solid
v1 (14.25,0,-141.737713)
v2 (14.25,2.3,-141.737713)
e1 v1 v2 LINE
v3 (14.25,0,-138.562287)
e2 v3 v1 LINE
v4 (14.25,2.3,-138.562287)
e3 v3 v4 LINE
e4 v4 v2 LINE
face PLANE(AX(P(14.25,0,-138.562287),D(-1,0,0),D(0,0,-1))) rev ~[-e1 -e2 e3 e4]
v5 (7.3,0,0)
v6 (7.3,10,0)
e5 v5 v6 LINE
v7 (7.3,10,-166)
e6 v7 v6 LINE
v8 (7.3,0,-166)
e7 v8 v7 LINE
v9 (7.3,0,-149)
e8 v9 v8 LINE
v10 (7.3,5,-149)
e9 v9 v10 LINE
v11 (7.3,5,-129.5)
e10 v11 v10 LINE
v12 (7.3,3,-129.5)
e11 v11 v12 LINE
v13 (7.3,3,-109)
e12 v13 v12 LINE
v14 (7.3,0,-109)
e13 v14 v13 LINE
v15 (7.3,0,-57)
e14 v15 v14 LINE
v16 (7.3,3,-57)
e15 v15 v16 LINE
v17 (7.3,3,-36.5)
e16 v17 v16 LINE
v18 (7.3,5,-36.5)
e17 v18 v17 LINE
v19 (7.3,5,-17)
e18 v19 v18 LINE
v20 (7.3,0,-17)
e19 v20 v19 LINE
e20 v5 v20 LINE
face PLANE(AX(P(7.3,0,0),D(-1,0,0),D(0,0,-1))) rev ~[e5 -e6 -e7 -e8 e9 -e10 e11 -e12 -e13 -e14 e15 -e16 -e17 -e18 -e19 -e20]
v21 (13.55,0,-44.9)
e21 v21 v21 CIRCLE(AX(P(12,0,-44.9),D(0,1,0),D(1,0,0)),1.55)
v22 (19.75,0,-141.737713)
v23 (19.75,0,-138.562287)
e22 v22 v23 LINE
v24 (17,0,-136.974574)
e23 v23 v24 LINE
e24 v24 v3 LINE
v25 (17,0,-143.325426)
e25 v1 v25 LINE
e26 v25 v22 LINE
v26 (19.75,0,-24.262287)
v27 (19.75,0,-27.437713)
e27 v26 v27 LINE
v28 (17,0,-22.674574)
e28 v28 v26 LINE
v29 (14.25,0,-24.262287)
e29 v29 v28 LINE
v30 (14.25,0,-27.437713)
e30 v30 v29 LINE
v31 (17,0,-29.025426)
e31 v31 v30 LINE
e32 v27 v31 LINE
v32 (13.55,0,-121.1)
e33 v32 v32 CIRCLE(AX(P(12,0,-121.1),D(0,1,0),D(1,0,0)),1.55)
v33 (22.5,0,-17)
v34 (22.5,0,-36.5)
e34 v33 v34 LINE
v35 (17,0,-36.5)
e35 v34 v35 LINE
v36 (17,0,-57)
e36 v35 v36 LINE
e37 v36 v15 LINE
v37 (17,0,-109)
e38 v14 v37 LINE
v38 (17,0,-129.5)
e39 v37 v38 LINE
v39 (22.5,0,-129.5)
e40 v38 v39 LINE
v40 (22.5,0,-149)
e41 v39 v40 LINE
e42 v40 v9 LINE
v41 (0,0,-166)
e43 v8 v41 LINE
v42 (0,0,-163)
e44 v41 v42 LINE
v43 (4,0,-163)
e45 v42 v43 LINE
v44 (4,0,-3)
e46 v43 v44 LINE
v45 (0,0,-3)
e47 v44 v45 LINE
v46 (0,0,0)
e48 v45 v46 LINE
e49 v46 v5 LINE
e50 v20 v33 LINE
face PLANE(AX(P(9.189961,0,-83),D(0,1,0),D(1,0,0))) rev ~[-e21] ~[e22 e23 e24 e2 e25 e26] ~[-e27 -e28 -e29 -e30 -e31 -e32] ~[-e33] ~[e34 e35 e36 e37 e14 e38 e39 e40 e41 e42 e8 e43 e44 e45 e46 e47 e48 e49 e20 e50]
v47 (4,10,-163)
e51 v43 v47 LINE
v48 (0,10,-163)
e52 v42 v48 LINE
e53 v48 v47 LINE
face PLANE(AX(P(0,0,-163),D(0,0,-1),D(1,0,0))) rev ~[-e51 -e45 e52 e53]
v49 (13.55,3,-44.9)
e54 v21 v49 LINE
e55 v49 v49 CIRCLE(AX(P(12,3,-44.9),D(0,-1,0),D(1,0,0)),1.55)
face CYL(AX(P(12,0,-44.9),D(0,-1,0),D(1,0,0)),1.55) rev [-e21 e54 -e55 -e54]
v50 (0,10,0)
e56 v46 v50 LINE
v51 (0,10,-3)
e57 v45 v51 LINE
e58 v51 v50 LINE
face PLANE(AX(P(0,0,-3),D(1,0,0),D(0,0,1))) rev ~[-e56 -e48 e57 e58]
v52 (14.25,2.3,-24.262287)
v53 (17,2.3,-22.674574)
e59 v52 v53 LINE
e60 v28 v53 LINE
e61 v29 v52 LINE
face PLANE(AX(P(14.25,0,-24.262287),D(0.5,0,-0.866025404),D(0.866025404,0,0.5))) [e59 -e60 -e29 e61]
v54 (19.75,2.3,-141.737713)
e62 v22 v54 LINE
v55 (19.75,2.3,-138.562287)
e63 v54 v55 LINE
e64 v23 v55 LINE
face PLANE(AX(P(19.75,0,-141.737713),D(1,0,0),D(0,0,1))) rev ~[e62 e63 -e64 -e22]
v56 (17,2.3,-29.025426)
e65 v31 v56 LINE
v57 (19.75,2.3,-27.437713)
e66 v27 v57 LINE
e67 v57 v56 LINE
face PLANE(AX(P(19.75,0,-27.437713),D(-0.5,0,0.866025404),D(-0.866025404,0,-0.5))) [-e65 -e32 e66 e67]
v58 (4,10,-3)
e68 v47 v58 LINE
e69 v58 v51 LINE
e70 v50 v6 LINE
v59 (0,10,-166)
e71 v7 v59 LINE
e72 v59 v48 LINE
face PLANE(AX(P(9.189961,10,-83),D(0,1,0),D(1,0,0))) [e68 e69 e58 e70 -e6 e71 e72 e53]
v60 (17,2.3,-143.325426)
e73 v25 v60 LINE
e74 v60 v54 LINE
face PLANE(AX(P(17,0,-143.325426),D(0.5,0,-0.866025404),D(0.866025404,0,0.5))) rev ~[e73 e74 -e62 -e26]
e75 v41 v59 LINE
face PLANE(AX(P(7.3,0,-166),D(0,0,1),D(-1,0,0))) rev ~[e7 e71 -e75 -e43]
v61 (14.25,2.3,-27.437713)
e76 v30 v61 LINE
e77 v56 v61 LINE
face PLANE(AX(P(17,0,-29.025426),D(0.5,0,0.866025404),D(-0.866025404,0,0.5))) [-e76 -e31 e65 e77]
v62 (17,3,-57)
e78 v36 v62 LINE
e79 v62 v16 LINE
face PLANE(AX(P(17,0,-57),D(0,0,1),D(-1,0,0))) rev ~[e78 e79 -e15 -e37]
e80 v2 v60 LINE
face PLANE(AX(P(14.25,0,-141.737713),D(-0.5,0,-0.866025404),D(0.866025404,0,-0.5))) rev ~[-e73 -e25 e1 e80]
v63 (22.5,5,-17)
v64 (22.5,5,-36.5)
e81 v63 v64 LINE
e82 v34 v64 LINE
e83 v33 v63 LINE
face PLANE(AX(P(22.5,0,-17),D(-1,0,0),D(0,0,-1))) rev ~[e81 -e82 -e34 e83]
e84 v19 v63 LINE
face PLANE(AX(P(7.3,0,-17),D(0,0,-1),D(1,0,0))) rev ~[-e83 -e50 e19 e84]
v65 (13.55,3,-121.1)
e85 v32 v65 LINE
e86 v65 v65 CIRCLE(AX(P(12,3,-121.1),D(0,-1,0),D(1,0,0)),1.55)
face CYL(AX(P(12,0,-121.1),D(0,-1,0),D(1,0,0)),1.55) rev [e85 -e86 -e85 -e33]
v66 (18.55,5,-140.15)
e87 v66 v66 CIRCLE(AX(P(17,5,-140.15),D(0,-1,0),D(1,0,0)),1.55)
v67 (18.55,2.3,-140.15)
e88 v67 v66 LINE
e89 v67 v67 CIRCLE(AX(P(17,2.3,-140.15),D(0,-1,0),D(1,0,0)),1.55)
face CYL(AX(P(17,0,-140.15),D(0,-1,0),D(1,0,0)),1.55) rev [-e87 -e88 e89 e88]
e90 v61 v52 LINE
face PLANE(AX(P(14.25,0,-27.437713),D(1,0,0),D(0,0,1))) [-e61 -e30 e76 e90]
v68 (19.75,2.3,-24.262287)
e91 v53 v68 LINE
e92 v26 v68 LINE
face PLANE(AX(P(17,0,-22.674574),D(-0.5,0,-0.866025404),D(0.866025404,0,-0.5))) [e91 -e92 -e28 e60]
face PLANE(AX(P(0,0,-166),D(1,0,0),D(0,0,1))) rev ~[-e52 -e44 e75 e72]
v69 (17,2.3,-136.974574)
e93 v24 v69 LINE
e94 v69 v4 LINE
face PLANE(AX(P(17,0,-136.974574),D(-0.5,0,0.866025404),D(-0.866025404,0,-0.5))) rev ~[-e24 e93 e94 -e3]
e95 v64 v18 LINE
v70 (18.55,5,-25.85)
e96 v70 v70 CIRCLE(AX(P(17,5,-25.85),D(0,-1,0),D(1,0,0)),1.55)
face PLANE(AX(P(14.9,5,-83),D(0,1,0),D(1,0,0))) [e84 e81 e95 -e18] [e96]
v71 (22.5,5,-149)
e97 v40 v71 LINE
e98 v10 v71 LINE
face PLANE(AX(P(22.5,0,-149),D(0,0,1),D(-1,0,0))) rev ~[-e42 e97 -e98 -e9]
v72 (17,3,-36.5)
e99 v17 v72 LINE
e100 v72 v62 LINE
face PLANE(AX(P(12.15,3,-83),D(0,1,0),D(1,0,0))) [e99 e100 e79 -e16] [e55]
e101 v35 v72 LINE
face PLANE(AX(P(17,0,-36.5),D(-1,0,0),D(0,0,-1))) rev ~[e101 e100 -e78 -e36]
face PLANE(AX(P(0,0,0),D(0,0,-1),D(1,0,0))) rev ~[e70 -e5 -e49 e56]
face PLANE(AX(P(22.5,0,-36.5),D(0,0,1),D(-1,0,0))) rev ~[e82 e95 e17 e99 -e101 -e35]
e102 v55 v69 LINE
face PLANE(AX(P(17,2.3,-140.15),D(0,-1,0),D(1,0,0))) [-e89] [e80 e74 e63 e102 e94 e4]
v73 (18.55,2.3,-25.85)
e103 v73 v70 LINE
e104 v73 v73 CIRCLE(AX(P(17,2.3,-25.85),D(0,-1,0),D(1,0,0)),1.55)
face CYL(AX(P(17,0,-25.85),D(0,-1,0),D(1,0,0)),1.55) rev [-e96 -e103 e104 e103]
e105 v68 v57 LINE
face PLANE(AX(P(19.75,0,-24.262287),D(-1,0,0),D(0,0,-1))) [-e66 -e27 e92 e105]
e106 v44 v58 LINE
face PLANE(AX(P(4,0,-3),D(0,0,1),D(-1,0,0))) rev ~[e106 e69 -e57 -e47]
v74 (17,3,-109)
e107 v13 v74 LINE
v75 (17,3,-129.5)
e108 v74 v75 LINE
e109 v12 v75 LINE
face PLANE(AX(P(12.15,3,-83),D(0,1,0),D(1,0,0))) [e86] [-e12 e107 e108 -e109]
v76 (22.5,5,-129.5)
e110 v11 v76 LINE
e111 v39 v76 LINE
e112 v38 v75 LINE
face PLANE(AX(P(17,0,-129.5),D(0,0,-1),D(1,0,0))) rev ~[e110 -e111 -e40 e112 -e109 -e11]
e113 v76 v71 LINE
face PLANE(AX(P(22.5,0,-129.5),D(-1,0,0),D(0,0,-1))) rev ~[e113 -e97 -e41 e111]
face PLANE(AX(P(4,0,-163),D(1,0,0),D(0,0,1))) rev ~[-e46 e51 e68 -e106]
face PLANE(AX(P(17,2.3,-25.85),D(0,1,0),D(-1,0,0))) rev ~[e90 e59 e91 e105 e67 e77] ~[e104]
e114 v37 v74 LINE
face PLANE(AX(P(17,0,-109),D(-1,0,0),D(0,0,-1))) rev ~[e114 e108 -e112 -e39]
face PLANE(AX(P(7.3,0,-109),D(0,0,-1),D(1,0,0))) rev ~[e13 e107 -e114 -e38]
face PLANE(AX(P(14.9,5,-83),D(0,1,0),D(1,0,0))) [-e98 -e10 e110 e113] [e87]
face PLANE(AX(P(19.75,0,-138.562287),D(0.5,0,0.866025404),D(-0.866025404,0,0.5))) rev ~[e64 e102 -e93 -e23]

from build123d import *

# Parameters (mm, degrees)
SKETCH1_R           = 1.55
BOSS_EXTRUDE1_DEPTH = 10
SKETCH3_W           = 15.2
SKETCH3_H           = 132
CUT_EXTRUDE1_DEPTH  = 5
SKETCH4_W           = 9.7
SKETCH4_H           = 93
CUT_EXTRUDE2_DEPTH  = 2
CUT_EXTRUDE4_DEPTH  = 2.3


with BuildPart() as part:
    # Sketch1 → Boss-Extrude1 (new body)
    with BuildSketch(Plane(origin=(0, 0, 0), x_dir=(1, 0, 0), z_dir=(0, 1, 0))):
        Polygon((0, 0), (7.3, 0), (7.3, 17), (22.5, 17), (22.5, 36.5), (17, 36.5), (17, 57), (7.3, 57), (7.3, 109), (17, 109), (17, 129.5), (22.5, 129.5), (22.5, 149), (7.3, 149), (7.3, 166), (0, 166), (0, 163), (4, 163), (4, 3), (0, 3), align=None)
        with Locations((17, 25.85)):
            Circle(SKETCH1_R, mode=Mode.SUBTRACT)
        with Locations((12, 44.9)):
            Circle(SKETCH1_R, mode=Mode.SUBTRACT)
        with Locations((12, 121.1)):
            Circle(SKETCH1_R, mode=Mode.SUBTRACT)
        with Locations((17, 140.15)):
            Circle(SKETCH1_R, mode=Mode.SUBTRACT)
    extrude(amount=BOSS_EXTRUDE1_DEPTH)

    # Sketch3 → Cut-Extrude1 (cut)
    with BuildSketch(Plane(origin=(0, 10, 0), x_dir=(1, 0, 0), z_dir=(0, 1, 0))):
        with Locations((14.9, 83)):
            Rectangle(SKETCH3_W, SKETCH3_H)
    extrude(amount=-CUT_EXTRUDE1_DEPTH, mode=Mode.SUBTRACT)

    # Sketch4 → Cut-Extrude2 (cut)
    with BuildSketch(Plane(origin=(0, 5, 0), x_dir=(1, 0, 0), z_dir=(0, 1, 0))):
        with Locations((12.15, 83)):
            Rectangle(SKETCH4_W, SKETCH4_H)
    extrude(amount=-CUT_EXTRUDE2_DEPTH, mode=Mode.SUBTRACT)

    # Sketch5 → Cut-Extrude4 (cut)
    with BuildSketch(Plane.XZ):
        Polygon((19.75, -24.26228676), (19.75, -27.43771324), (17, -29.025426481), (14.25, -27.43771324), (14.25, -24.26228676), (17, -22.674573519), align=None)
        Polygon((14.25, -138.56228676), (14.25, -141.73771324), (17, -143.325426481), (19.75, -141.73771324), (19.75, -138.56228676), (17, -136.974573519), align=None)
    extrude(amount=-CUT_EXTRUDE4_DEPTH, mode=Mode.SUBTRACT)


solid = part.part
